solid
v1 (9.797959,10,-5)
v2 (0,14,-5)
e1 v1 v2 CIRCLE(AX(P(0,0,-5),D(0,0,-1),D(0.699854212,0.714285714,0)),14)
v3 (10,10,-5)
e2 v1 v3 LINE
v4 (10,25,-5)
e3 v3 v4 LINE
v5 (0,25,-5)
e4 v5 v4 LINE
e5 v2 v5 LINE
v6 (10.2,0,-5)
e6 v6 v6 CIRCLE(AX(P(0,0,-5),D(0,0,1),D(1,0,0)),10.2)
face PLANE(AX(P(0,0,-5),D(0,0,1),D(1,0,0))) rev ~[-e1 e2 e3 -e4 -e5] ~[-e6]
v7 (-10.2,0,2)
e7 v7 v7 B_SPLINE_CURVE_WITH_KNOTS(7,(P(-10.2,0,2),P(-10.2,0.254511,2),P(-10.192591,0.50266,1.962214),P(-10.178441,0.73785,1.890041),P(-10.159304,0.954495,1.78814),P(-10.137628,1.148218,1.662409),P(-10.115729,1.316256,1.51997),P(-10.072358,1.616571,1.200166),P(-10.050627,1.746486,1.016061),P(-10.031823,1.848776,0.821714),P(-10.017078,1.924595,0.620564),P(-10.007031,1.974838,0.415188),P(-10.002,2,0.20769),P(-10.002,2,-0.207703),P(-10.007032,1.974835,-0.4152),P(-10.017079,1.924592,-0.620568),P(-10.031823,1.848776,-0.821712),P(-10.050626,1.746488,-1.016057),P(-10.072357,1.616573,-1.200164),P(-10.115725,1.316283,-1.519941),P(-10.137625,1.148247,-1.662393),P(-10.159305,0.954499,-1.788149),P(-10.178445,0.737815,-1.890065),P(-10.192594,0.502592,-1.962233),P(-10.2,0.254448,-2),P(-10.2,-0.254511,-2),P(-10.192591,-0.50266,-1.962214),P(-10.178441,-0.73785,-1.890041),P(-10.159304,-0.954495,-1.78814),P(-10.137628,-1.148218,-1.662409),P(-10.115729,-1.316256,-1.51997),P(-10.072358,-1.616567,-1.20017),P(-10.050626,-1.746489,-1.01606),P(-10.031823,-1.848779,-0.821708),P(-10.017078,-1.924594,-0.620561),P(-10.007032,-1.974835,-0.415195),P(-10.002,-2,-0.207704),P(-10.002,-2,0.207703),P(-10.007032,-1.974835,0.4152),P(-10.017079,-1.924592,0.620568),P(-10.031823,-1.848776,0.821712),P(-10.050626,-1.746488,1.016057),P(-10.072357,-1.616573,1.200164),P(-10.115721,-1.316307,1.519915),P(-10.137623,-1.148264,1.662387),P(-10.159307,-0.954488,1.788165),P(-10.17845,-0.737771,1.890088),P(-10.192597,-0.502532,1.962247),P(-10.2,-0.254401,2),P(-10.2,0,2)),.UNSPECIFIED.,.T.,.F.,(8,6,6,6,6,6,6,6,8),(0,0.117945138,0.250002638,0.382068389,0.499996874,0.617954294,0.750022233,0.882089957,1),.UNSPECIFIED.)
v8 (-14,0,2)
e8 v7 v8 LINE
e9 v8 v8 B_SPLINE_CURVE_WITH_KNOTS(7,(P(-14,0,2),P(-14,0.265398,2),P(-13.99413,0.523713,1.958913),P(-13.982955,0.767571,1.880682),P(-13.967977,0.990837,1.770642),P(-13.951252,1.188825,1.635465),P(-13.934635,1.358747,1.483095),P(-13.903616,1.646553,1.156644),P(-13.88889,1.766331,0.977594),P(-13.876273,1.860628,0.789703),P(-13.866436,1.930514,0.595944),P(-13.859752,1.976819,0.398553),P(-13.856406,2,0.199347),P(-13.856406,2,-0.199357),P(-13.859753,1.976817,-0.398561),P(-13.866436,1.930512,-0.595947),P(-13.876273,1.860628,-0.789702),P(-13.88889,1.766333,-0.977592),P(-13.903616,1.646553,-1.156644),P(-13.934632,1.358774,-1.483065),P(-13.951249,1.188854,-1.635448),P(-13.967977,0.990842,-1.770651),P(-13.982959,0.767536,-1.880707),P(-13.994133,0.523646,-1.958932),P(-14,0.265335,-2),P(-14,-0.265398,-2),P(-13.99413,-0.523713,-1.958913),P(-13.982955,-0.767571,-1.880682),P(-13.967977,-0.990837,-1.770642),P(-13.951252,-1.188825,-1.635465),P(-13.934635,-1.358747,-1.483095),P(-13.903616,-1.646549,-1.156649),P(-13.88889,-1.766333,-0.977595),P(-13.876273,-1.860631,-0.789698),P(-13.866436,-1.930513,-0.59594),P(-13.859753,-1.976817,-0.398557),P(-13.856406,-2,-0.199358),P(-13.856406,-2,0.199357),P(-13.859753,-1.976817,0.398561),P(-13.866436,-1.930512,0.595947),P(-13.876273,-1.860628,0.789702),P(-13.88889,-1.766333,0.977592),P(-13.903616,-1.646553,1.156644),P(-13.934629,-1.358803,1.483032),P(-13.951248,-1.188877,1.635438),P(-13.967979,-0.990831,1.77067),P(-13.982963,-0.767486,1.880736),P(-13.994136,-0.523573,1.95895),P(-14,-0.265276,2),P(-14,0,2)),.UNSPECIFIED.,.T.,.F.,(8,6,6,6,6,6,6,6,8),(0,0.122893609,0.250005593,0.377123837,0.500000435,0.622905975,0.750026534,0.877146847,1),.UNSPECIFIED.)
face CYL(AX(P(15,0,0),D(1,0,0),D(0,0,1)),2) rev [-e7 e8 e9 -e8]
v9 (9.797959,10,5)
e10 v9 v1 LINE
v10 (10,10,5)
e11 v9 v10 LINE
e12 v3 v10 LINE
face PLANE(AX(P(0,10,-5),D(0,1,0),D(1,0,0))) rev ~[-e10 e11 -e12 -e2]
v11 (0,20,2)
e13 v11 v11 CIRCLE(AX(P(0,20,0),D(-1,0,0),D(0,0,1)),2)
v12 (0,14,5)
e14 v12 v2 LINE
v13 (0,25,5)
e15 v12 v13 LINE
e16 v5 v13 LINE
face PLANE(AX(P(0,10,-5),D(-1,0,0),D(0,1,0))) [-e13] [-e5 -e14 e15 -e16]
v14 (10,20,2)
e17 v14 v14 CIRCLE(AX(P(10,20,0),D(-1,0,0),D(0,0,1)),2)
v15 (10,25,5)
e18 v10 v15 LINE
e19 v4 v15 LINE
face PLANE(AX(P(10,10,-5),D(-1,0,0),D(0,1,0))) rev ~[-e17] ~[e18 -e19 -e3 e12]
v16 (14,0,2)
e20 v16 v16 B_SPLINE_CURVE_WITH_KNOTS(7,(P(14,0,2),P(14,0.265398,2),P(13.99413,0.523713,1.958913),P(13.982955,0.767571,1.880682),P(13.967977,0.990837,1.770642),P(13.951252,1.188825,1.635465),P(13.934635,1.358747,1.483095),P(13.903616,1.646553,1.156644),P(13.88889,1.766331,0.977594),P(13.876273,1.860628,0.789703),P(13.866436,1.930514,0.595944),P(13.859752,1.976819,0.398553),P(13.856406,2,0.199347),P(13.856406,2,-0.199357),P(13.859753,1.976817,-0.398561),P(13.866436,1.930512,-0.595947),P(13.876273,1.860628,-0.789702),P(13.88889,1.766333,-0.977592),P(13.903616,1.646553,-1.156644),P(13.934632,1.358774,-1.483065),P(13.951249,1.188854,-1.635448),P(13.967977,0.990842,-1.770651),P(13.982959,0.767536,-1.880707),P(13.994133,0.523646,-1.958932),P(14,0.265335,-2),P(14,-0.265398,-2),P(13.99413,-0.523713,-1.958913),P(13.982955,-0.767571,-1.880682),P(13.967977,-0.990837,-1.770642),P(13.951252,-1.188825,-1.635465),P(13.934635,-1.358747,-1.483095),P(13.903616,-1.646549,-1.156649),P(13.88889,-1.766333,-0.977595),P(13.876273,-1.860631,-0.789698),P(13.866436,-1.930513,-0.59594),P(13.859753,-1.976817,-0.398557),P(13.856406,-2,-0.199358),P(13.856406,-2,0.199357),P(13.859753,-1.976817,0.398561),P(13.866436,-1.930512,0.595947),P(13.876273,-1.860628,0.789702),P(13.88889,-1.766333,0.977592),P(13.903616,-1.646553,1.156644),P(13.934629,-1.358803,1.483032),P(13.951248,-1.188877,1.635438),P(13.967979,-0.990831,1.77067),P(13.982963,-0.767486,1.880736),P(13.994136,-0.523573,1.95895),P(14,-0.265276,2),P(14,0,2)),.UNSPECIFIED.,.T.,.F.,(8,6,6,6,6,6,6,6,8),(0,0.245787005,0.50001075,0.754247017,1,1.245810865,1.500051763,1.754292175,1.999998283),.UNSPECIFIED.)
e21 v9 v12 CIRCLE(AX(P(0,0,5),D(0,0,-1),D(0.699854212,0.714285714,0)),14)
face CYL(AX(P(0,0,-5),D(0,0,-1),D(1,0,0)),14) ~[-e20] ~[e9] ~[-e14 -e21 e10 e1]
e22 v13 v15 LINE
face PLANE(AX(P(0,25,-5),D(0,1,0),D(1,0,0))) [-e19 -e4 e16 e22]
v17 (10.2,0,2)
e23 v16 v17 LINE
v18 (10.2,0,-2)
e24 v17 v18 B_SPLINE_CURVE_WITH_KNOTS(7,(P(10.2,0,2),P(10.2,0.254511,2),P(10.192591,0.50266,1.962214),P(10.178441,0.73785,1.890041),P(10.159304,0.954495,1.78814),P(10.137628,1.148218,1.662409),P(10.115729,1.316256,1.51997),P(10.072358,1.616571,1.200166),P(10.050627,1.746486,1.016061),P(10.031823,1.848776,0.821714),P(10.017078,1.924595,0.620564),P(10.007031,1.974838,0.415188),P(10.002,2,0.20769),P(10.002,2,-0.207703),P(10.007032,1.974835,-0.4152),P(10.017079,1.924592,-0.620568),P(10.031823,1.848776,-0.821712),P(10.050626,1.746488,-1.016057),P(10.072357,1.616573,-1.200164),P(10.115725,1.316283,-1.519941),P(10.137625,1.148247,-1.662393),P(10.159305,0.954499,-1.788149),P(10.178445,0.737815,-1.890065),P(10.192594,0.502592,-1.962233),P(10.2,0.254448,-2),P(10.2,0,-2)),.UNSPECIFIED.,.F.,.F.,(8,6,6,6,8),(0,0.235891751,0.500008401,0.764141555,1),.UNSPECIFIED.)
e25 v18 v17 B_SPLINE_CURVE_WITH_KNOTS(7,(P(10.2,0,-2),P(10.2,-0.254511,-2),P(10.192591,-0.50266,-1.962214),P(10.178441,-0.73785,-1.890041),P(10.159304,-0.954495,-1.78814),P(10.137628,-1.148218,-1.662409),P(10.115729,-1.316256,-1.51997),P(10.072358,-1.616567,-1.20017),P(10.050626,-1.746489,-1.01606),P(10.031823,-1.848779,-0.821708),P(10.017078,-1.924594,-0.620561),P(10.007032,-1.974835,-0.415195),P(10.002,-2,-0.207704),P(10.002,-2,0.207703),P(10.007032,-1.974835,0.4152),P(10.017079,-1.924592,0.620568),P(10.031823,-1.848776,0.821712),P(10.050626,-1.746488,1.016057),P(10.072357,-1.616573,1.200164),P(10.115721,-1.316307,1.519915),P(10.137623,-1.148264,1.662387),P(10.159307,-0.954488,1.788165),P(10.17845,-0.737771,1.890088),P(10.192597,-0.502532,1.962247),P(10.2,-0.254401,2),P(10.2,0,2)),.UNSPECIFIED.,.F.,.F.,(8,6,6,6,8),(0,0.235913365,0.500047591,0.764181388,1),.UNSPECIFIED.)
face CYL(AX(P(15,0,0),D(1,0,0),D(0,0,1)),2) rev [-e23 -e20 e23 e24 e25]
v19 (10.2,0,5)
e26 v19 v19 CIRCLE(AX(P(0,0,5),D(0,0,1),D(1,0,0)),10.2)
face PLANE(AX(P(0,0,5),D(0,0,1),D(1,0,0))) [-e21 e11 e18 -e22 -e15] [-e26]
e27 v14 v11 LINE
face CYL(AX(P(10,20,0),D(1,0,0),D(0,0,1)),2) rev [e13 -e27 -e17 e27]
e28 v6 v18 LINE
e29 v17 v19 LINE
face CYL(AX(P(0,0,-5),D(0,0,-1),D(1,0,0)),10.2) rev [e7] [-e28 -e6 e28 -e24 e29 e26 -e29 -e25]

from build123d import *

# Parameters (mm, degrees)
CYLINDER003_R           = 2
CYLINDER003_DEPTH       = 10
CYLINDER003_PITCH_ANGLE = -90
CYLINDER004_R           = 2
CYLINDER004_DEPTH       = 30
CYLINDER004_PITCH_ANGLE = -90
CYLINDER001_R           = 10.2
CYLINDER001_DEPTH       = 10
BOX_W                   = 10
BOX_H                   = 15
BOX_DEPTH               = 10
CYLINDER_R              = 14
CYLINDER_DEPTH          = 10


with BuildPart() as cylinder003:
    # Cylinder003 → Cylinder003 (new body)
    with BuildSketch(Plane.XY):
        Circle(CYLINDER003_R)
    extrude(amount=CYLINDER003_DEPTH)


with BuildPart() as cylinder003_1:
    # Cylinder003 pitch: moved
    add(cylinder003.part.rotate(Axis((0, 0, 0), (0, 1, 0)), CYLINDER003_PITCH_ANGLE))


with BuildPart() as cylinder003_2:
    # Cylinder003 placement: moved
    add(cylinder003_1.part.moved(Location((10, 20, 0))))


with BuildPart() as cylinder004:
    # Cylinder004 → Cylinder004 (new body)
    with BuildSketch(Plane.XY):
        Circle(CYLINDER004_R)
    extrude(amount=CYLINDER004_DEPTH)


with BuildPart() as cylinder004_1:
    # Cylinder004 pitch: moved
    add(cylinder004.part.rotate(Axis((0, 0, 0), (0, 1, 0)), CYLINDER004_PITCH_ANGLE))


with BuildPart() as cylinder004_2:
    # Cylinder004 placement: moved
    add(cylinder004_1.part.moved(Location((15, 0, 0))))


with BuildPart() as negative_fusion:
    # Cylinder001 → Cylinder001 (new body)
    with BuildSketch(Plane.XY.offset(-5)):
        Circle(CYLINDER001_R)
    extrude(amount=CYLINDER001_DEPTH)

    # Fusion: union Cylinder003, Cylinder004
    add(cylinder003_2.part)
    add(cylinder004_2.part)


with BuildPart() as cube:
    # Box → Box (new body)
    with BuildSketch(Plane(origin=(0, 10, -5), x_dir=(1, 0, 0), z_dir=(0, 0, 1))):
        with Locations((5, 7.5)):
            Rectangle(BOX_W, BOX_H)
    extrude(amount=BOX_DEPTH)


with BuildPart() as cut:
    # Cylinder → Cylinder (new body)
    with BuildSketch(Plane.XY.offset(-5)):
        Circle(CYLINDER_R)
    extrude(amount=CYLINDER_DEPTH)

    # Fusion001: union Cube
    add(cube.part)

    # Cut: cut Negative Fusion
    add(negative_fusion.part, mode=Mode.SUBTRACT)


solid = cut.part
